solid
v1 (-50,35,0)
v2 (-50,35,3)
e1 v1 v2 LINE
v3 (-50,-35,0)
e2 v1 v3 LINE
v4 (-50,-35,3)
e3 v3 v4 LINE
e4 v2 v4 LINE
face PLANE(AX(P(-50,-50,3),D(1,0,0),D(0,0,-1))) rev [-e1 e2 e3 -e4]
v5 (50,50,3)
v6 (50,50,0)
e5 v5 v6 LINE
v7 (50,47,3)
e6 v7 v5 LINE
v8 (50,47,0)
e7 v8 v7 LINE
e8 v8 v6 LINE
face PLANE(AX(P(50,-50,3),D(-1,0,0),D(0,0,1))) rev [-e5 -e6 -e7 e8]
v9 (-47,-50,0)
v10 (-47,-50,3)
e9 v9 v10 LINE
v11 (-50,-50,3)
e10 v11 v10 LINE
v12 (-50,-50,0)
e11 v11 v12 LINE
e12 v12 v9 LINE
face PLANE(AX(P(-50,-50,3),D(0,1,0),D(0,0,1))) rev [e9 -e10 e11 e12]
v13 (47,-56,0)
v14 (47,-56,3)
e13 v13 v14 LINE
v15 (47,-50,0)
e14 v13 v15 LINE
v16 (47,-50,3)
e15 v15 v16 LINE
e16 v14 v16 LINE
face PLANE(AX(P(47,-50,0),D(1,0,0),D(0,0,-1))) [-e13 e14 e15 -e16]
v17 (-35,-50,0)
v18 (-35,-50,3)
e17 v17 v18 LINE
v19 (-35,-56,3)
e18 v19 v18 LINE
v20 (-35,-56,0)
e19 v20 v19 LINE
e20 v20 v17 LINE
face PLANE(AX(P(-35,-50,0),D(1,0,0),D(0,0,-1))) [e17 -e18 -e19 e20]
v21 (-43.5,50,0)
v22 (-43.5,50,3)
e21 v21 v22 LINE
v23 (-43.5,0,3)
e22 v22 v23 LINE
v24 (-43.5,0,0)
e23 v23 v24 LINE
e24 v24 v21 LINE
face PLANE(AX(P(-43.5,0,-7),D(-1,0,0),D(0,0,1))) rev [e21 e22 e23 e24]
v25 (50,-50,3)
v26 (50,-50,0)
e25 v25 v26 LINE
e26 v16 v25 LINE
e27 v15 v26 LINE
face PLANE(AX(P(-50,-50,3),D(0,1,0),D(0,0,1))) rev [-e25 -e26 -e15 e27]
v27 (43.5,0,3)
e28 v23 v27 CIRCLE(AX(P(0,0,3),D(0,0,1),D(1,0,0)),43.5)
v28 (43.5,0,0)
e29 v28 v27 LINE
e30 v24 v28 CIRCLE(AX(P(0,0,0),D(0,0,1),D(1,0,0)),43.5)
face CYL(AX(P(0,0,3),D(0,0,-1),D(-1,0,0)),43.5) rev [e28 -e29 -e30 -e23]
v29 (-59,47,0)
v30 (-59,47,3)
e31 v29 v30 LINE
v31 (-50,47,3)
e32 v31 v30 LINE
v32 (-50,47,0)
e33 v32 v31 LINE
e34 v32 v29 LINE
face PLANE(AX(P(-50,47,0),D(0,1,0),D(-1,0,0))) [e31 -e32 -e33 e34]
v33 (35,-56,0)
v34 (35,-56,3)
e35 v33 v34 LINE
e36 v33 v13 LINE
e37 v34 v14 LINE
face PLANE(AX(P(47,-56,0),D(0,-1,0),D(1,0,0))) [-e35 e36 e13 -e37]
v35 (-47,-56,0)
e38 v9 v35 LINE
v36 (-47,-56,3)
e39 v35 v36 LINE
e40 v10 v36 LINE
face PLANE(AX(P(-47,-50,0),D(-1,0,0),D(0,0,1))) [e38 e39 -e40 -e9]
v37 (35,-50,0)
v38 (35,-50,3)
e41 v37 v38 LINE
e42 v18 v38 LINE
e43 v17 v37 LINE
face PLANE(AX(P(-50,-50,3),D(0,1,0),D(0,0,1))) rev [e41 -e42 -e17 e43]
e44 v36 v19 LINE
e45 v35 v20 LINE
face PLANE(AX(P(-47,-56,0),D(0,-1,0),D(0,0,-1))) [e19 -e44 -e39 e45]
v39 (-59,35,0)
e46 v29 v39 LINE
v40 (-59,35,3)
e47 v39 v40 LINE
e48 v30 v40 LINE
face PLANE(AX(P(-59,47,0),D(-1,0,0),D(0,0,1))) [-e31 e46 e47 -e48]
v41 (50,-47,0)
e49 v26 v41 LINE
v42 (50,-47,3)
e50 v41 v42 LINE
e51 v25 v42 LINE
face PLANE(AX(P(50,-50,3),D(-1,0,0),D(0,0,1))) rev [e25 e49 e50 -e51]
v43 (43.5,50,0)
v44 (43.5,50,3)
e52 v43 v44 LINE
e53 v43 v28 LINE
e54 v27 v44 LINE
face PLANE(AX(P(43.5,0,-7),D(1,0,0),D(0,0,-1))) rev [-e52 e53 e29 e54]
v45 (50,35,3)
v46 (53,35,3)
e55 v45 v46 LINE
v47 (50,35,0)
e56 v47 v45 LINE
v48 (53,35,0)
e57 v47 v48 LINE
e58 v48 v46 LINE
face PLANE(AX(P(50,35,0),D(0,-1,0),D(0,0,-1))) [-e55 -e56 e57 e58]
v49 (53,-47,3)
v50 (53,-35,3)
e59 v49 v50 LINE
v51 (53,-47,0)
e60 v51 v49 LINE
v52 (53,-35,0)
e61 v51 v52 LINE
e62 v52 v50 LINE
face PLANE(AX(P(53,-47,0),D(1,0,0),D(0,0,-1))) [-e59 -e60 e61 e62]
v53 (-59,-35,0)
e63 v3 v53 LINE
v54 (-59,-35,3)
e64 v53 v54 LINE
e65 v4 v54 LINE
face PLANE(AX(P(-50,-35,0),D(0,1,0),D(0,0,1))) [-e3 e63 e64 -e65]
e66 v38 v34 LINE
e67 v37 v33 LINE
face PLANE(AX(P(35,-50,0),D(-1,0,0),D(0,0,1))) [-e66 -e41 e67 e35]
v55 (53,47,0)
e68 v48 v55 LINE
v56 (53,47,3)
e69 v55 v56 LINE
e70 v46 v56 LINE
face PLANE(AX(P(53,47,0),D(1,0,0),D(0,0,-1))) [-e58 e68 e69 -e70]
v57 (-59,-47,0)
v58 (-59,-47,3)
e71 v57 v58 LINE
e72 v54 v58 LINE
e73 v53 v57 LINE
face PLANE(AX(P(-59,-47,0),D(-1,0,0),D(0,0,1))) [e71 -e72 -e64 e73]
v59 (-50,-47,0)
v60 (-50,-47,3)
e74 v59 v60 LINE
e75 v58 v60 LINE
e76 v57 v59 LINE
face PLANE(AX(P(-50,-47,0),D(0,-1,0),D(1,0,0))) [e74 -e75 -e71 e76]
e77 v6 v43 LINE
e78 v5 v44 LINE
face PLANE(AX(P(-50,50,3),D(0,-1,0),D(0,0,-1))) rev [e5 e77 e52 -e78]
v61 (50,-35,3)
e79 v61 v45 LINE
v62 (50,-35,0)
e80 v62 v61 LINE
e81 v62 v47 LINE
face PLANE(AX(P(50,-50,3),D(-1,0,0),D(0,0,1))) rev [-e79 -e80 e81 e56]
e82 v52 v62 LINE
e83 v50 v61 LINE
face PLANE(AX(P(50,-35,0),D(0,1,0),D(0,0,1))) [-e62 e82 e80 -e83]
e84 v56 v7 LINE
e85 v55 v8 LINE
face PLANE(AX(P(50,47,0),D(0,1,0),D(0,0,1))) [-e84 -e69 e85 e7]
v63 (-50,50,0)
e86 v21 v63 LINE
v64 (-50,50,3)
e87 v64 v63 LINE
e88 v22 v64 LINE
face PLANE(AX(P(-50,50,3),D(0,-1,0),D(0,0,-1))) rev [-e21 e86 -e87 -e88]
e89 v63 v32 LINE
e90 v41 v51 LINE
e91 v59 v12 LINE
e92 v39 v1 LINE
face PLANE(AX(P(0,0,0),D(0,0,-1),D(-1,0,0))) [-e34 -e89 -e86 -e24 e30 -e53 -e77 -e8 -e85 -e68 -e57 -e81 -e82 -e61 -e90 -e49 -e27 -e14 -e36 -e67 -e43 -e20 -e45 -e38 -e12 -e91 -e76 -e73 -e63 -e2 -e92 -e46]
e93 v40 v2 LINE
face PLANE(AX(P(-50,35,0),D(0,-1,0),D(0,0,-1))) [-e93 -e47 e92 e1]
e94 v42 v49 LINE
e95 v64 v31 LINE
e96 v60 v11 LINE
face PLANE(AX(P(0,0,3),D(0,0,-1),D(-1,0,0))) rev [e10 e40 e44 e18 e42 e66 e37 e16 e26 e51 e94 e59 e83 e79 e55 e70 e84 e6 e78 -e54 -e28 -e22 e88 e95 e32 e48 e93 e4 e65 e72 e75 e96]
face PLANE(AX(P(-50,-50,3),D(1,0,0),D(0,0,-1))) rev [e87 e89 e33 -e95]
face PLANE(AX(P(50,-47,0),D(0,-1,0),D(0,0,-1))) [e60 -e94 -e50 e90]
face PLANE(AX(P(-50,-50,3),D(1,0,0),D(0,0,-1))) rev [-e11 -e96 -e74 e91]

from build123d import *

# Parameters (mm, degrees)
CROQUIS1_W              = 100
CROQUIS1_H              = 100
CROQUIS1_R              = 43.5
SALIENTE_EXTRUIR1_DEPTH = 3
CROQUIS2_W              = 12
CROQUIS2_H              = 6
CROQUIS2_W_2            = 9
CROQUIS2_H_2            = 12
CROQUIS2_W_3            = 3
SALIENTE_EXTRUIR2_DEPTH = 3
CROQUIS3_W              = 87
CROQUIS3_H              = 50
CORTAR_EXTRUIR1_DEPTH   = 10


with BuildPart() as part:
    # Croquis1 → Saliente-Extruir1 (new body)
    with BuildSketch(Plane.XY):
        Rectangle(CROQUIS1_W, CROQUIS1_H)
        Circle(CROQUIS1_R, mode=Mode.SUBTRACT)
    extrude(amount=SALIENTE_EXTRUIR1_DEPTH)

    # Croquis2 → Saliente-Extruir2 (add)
    with BuildSketch(Plane.XY.offset(3)):
        with Locations((-41, -53)):
            Rectangle(CROQUIS2_W, CROQUIS2_H)
        with Locations((41, -53)):
            Rectangle(CROQUIS2_W, CROQUIS2_H)
        with Locations((-54.5, -41)):
            Rectangle(CROQUIS2_W_2, CROQUIS2_H_2)
        with Locations((51.5, -41)):
            Rectangle(CROQUIS2_W_3, CROQUIS2_H_2)
        with Locations((51.5, 41)):
            Rectangle(CROQUIS2_W_3, CROQUIS2_H_2)
        with Locations((-54.5, 41)):
            Rectangle(CROQUIS2_W_2, CROQUIS2_H_2)
    extrude(amount=-SALIENTE_EXTRUIR2_DEPTH)

    # Croquis3 → Cortar-Extruir1 (cut)
    with BuildSketch(Plane.XY.offset(3)):
        with Locations((0, 25)):
            Rectangle(CROQUIS3_W, CROQUIS3_H)
    extrude(amount=-CORTAR_EXTRUIR1_DEPTH, mode=Mode.SUBTRACT)


solid = part.part
